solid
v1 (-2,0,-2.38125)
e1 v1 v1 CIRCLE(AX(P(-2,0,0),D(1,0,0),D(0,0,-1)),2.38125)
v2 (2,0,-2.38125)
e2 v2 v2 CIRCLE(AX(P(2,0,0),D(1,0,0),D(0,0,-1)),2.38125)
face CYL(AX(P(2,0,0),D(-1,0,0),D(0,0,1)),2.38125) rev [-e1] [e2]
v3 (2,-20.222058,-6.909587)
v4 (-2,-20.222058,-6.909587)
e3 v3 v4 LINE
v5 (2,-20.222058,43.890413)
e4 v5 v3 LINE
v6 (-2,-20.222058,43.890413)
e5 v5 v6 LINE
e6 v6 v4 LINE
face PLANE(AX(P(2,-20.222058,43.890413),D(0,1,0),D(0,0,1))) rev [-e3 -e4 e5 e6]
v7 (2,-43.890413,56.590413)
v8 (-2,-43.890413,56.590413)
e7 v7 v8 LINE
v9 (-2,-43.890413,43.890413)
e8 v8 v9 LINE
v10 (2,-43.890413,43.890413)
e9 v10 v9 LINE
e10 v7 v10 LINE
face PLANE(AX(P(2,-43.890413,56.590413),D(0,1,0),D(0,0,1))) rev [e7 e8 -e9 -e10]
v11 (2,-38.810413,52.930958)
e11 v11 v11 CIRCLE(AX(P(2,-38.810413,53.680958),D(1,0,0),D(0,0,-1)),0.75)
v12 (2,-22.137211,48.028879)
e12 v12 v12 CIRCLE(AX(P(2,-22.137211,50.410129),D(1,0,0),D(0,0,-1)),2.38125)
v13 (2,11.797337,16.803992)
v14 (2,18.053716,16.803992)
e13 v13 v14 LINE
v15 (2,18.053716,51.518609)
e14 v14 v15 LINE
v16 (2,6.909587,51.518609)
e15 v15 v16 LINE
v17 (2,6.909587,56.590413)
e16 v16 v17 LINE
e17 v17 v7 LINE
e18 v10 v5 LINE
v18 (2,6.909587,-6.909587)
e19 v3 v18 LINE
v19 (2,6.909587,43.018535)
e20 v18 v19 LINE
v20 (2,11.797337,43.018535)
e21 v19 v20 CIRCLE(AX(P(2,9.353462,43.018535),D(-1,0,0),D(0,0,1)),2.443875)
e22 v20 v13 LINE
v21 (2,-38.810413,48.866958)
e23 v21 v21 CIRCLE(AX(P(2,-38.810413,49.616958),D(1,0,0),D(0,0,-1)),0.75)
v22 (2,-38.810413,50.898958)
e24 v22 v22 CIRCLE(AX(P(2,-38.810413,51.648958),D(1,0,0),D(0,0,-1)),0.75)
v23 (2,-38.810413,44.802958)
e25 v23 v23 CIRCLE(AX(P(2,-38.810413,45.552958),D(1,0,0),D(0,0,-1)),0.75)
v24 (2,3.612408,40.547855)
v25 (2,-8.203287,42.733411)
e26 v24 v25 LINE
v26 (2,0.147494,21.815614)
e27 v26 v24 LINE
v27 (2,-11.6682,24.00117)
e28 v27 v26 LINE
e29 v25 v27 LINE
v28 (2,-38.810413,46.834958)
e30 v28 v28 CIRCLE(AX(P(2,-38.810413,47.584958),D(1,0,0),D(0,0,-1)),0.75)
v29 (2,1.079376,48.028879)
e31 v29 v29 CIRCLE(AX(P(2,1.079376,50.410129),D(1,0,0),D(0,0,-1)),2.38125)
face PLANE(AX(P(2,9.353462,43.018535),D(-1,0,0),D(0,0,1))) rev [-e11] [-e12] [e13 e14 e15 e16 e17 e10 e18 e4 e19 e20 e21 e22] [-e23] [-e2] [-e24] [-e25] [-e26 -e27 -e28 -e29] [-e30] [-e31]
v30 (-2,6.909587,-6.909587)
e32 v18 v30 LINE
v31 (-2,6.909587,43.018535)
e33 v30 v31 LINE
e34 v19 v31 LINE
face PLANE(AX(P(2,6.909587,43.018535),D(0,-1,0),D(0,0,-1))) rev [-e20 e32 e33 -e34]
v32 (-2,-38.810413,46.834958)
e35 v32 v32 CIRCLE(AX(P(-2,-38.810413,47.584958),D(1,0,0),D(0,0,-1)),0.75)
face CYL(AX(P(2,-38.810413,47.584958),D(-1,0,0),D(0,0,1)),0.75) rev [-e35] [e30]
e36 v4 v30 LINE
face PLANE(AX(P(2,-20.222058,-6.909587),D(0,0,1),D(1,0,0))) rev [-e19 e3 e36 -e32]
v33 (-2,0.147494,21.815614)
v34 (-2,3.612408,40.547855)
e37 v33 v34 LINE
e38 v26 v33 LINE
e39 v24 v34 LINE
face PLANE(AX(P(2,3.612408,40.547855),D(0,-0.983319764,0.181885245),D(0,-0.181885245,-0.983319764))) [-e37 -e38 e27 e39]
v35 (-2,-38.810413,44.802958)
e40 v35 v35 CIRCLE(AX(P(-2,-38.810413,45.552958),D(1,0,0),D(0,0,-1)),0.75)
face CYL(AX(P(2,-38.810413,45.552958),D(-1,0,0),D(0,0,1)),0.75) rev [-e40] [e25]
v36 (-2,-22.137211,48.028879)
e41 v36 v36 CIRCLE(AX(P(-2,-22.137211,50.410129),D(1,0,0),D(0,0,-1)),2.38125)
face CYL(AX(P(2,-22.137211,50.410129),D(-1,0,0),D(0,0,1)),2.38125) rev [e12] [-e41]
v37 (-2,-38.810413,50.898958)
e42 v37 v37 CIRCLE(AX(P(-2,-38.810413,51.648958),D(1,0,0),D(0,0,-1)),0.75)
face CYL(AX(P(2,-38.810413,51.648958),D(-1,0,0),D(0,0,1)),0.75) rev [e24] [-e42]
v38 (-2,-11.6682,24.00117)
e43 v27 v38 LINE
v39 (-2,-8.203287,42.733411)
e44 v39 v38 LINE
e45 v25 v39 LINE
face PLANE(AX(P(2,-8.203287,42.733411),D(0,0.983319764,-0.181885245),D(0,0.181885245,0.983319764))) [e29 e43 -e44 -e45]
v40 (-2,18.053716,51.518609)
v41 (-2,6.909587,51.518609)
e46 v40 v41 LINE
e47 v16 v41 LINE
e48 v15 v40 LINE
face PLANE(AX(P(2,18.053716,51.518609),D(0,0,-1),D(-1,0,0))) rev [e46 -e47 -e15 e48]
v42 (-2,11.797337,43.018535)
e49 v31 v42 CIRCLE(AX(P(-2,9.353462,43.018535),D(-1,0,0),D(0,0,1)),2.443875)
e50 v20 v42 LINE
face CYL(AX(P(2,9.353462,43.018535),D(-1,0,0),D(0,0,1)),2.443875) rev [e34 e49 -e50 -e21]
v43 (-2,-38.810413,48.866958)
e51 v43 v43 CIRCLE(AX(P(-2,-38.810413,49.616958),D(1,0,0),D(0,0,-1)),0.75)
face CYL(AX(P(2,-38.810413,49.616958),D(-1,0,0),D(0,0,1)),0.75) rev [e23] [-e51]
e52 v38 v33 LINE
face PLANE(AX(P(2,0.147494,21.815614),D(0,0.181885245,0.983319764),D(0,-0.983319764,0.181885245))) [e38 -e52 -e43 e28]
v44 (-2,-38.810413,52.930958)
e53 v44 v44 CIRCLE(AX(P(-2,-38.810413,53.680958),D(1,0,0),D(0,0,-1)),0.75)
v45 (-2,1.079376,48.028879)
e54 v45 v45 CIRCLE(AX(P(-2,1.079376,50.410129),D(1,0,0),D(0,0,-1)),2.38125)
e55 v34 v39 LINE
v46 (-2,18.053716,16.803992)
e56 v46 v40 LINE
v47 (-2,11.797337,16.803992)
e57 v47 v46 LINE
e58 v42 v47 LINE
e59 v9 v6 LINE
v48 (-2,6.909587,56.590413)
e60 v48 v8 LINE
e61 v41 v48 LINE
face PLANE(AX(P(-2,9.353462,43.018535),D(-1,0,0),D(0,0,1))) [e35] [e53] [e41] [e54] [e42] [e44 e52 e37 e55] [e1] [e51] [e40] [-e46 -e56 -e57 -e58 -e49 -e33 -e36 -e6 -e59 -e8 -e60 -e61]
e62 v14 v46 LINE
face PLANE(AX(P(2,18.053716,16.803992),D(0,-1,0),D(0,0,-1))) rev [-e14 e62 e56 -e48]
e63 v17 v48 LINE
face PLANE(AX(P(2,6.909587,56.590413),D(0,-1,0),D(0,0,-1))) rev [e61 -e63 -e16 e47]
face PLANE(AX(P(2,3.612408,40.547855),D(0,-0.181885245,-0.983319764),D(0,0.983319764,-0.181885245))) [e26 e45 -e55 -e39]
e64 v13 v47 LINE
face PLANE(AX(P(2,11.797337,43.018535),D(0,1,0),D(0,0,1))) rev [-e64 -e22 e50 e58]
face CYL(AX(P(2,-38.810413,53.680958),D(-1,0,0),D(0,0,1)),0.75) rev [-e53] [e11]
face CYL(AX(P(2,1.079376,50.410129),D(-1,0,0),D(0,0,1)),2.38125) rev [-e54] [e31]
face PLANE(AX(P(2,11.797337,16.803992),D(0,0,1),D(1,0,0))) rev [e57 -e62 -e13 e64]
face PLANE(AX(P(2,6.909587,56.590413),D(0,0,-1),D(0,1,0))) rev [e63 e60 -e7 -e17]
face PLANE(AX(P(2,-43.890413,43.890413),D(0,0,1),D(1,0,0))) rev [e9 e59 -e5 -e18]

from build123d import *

# Parameters (mm, degrees)
SKETCH1_R           = 2.38125
SKETCH1_R_2         = 0.75
BOSS_EXTRUDE1_DEPTH = 2


with BuildPart() as part:
    # Sketch1 → Boss-Extrude1 (new, symmetric)
    with BuildSketch(Plane(origin=(0, 0, 0), x_dir=(0, 0, -1), z_dir=(1, 0, 0))):
        with BuildLine():
            Line((-56.590412722, 6.909587278), (-51.518608779, 6.909587278))
            Line((-51.518608779, 6.909587278), (-51.518608779, 18.053715602))
            Line((-51.518608779, 18.053715602), (-16.803992093, 18.053715602))
            Line((-16.803992093, 18.053715602), (-16.803992093, 11.79733741))
            Line((-16.803992093, 11.79733741), (-43.018535026, 11.79733741))
            ThreePointArc((-43.018535026, 11.79733741), (-45.462410091, 9.353462344), (-43.018535026, 6.909587278))
            Line((-43.018535026, 6.909587278), (6.909587278, 6.909587278))
            Line((6.909587278, 6.909587278), (6.909587278, -20.222057583))
            Line((6.909587278, -20.222057583), (-43.890412722, -20.222057583))
            Line((-43.890412722, -20.222057583), (-43.890412722, -43.890412722))
            Line((-43.890412722, -43.890412722), (-56.590412722, -43.890412722))
            Line((-56.590412722, -43.890412722), (-56.590412722, 6.909587278))
        make_face()
        Circle(SKETCH1_R, mode=Mode.SUBTRACT)
        with Locations((-45.552958224, -38.810412722)):
            Circle(SKETCH1_R_2, mode=Mode.SUBTRACT)
        with Locations((-47.584958224, -38.810412722)):
            Circle(SKETCH1_R_2, mode=Mode.SUBTRACT)
        with Locations((-49.616958224, -38.810412722)):
            Circle(SKETCH1_R_2, mode=Mode.SUBTRACT)
        with Locations((-51.648958224, -38.810412722)):
            Circle(SKETCH1_R_2, mode=Mode.SUBTRACT)
        with Locations((-50.410128911, -22.137211246)):
            Circle(SKETCH1_R, mode=Mode.SUBTRACT)
        with Locations((-50.410128911, 1.079375692)):
            Circle(SKETCH1_R, mode=Mode.SUBTRACT)
        with Locations((-53.680958224, -38.810412722)):
            Circle(SKETCH1_R_2, mode=Mode.SUBTRACT)
        Polygon((-40.547855017, 3.612408172), (-21.81561352, 0.147494252), (-24.001169646, -11.668200482), (-42.733411143, -8.203286562), align=None, mode=Mode.SUBTRACT)
    extrude(amount=BOSS_EXTRUDE1_DEPTH, both=True)


solid = part.part
